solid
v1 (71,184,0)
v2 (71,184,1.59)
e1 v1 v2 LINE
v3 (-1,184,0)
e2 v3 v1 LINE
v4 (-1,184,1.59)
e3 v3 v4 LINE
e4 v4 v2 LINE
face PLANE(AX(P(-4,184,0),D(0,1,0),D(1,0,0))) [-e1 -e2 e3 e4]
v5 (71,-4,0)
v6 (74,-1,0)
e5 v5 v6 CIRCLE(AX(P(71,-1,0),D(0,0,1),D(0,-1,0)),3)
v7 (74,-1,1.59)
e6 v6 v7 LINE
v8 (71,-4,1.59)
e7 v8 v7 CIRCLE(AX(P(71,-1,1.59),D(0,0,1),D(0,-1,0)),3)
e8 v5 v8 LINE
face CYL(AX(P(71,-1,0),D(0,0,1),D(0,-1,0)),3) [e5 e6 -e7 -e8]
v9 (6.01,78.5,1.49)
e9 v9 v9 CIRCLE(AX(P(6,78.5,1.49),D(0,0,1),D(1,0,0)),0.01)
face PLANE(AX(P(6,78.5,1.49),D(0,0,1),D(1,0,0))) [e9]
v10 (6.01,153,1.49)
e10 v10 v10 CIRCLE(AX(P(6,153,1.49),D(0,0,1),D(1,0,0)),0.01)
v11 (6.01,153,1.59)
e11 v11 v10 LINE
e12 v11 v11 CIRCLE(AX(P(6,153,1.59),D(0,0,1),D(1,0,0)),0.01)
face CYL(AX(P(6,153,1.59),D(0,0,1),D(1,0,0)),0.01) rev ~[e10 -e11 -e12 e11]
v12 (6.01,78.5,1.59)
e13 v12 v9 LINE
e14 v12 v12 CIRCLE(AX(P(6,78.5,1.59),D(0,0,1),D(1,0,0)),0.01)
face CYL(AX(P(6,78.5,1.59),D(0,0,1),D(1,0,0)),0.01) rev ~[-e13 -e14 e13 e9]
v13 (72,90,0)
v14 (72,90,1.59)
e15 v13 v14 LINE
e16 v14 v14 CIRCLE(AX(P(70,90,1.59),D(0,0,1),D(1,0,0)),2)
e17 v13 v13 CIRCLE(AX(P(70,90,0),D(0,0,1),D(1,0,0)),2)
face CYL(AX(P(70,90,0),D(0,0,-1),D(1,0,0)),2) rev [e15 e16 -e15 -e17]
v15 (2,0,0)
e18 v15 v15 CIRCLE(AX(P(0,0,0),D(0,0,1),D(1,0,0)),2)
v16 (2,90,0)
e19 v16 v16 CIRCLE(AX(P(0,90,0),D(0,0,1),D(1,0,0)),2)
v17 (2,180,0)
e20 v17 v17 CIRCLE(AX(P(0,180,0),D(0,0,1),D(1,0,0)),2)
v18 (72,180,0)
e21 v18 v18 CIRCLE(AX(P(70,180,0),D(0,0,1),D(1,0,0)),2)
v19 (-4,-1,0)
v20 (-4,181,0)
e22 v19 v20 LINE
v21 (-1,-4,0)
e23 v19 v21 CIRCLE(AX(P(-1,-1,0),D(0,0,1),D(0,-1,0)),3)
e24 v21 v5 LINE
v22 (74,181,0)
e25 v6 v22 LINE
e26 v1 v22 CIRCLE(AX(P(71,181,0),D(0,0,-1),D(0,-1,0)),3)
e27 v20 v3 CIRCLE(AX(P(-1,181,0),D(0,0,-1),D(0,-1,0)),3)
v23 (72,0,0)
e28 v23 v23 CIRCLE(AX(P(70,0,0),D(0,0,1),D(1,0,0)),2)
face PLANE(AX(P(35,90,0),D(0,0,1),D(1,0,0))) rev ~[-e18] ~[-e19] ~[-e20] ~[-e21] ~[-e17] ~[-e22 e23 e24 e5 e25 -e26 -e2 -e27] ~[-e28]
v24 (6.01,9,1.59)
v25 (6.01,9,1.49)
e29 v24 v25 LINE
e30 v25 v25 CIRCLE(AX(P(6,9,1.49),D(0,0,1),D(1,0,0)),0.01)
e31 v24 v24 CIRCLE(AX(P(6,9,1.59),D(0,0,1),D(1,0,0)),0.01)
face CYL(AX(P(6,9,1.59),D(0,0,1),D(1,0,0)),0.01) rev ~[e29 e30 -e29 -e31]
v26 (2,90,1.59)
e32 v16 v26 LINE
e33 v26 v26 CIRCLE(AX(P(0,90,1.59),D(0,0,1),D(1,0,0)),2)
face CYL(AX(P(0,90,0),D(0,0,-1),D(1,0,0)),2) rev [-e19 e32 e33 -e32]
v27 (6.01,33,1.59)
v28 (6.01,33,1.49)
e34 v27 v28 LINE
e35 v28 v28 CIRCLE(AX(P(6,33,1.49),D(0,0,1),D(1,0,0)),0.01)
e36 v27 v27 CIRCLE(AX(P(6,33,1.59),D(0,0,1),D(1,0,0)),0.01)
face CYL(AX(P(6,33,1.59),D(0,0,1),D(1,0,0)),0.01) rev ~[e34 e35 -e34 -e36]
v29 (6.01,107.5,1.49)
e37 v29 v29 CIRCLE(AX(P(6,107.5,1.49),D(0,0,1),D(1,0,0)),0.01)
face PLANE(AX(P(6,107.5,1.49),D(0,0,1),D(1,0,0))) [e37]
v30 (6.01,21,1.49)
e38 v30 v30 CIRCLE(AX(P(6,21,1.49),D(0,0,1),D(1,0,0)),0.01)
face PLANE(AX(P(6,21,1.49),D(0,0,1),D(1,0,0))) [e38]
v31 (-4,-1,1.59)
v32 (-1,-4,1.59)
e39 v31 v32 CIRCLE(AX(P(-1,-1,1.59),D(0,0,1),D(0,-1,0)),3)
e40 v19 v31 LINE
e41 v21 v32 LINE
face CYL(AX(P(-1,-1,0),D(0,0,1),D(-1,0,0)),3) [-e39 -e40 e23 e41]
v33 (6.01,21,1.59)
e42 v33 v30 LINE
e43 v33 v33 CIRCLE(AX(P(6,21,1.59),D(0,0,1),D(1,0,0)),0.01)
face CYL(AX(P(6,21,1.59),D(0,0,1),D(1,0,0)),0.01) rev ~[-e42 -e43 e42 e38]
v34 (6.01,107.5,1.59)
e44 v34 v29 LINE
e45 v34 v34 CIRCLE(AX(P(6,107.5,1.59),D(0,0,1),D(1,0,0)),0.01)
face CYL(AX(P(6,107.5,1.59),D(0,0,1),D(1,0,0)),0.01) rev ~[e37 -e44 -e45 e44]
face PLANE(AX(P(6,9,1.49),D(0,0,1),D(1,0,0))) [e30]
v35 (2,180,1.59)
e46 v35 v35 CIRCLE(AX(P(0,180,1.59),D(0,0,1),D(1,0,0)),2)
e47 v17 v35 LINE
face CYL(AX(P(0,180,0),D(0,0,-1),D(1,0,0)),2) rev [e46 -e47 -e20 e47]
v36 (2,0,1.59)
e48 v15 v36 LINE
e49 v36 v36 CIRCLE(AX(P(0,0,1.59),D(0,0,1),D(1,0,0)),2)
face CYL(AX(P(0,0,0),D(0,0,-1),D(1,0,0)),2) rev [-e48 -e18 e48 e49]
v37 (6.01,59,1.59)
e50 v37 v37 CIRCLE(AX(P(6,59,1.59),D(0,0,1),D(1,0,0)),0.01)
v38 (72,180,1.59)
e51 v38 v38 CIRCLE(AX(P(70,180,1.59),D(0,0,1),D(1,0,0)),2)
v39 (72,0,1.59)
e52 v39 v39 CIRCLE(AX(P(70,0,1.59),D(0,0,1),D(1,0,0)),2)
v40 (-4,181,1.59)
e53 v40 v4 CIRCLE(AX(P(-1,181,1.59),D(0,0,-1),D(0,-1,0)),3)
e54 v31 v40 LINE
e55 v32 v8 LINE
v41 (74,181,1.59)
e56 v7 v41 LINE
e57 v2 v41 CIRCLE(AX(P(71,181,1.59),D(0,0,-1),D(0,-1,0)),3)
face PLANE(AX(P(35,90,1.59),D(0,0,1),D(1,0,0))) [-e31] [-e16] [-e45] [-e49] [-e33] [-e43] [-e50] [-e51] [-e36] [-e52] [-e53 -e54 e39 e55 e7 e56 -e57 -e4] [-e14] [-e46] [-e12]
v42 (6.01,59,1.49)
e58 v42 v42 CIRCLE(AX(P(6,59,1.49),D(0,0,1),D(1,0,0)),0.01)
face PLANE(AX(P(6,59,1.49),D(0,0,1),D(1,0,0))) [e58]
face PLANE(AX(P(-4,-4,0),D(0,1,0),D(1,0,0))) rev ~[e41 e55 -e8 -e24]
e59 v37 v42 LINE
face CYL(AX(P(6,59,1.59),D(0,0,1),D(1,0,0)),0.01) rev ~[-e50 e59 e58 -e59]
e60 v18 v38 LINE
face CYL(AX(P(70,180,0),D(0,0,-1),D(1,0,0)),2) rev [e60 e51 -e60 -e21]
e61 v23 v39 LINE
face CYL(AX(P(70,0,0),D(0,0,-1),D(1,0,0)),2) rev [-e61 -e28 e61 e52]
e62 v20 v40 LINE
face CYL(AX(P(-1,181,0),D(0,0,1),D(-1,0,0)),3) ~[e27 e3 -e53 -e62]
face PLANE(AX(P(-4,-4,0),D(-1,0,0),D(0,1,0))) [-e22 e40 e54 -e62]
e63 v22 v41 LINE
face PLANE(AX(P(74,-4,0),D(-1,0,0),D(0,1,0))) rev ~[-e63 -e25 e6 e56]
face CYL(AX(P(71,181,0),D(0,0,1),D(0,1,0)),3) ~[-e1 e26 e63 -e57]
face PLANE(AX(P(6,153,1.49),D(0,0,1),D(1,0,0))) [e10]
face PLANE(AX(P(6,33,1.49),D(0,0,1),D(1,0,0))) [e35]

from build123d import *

# Parameters (mm, degrees)
SKETCH_W     = 78
SKETCH_H     = 188
SKETCH_R     = 2
PAD_DEPTH    = 1.59
FILLET_R     = 3
SKETCH001_R  = 0.01
POCKET_DEPTH = 0.1


with BuildPart() as part:
    # Sketch → Pad (new body)
    with BuildSketch(Plane.XY):
        with Locations((35, 90)):
            Rectangle(SKETCH_W, SKETCH_H)
        with Locations((0, 180)):
            Circle(SKETCH_R, mode=Mode.SUBTRACT)
        with Locations((70, 180)):
            Circle(SKETCH_R, mode=Mode.SUBTRACT)
        with Locations((70, 90)):
            Circle(SKETCH_R, mode=Mode.SUBTRACT)
        with Locations((0, 90)):
            Circle(SKETCH_R, mode=Mode.SUBTRACT)
        Circle(SKETCH_R, mode=Mode.SUBTRACT)
        with Locations((70, 0)):
            Circle(SKETCH_R, mode=Mode.SUBTRACT)
    extrude(amount=PAD_DEPTH)

    # Fillet
    fillet_edges = [part.edges().sort_by_distance(p)[0] for p in [
        (-4, -4, 0.795),
        (74, -4, 0.795),
        (74, 184, 0.795),
        (-4, 184, 0.795),
    ]]
    fillet(fillet_edges, radius=FILLET_R)

    # Sketch001 (on Face5 of Fillet) → Pocket (cut)
    with BuildSketch(Plane.XY.offset(1.59)):
        with Locations((6, 153)):
            Circle(SKETCH001_R)
        with Locations((6, 107.5)):
            Circle(SKETCH001_R)
        with Locations((6, 78.5)):
            Circle(SKETCH001_R)
        with Locations((6, 59)):
            Circle(SKETCH001_R)
        with Locations((6, 33)):
            Circle(SKETCH001_R)
        with Locations((6, 21)):
            Circle(SKETCH001_R)
        with Locations((6, 9)):
            Circle(SKETCH001_R)
    extrude(amount=-POCKET_DEPTH, mode=Mode.SUBTRACT)


solid = part.part
